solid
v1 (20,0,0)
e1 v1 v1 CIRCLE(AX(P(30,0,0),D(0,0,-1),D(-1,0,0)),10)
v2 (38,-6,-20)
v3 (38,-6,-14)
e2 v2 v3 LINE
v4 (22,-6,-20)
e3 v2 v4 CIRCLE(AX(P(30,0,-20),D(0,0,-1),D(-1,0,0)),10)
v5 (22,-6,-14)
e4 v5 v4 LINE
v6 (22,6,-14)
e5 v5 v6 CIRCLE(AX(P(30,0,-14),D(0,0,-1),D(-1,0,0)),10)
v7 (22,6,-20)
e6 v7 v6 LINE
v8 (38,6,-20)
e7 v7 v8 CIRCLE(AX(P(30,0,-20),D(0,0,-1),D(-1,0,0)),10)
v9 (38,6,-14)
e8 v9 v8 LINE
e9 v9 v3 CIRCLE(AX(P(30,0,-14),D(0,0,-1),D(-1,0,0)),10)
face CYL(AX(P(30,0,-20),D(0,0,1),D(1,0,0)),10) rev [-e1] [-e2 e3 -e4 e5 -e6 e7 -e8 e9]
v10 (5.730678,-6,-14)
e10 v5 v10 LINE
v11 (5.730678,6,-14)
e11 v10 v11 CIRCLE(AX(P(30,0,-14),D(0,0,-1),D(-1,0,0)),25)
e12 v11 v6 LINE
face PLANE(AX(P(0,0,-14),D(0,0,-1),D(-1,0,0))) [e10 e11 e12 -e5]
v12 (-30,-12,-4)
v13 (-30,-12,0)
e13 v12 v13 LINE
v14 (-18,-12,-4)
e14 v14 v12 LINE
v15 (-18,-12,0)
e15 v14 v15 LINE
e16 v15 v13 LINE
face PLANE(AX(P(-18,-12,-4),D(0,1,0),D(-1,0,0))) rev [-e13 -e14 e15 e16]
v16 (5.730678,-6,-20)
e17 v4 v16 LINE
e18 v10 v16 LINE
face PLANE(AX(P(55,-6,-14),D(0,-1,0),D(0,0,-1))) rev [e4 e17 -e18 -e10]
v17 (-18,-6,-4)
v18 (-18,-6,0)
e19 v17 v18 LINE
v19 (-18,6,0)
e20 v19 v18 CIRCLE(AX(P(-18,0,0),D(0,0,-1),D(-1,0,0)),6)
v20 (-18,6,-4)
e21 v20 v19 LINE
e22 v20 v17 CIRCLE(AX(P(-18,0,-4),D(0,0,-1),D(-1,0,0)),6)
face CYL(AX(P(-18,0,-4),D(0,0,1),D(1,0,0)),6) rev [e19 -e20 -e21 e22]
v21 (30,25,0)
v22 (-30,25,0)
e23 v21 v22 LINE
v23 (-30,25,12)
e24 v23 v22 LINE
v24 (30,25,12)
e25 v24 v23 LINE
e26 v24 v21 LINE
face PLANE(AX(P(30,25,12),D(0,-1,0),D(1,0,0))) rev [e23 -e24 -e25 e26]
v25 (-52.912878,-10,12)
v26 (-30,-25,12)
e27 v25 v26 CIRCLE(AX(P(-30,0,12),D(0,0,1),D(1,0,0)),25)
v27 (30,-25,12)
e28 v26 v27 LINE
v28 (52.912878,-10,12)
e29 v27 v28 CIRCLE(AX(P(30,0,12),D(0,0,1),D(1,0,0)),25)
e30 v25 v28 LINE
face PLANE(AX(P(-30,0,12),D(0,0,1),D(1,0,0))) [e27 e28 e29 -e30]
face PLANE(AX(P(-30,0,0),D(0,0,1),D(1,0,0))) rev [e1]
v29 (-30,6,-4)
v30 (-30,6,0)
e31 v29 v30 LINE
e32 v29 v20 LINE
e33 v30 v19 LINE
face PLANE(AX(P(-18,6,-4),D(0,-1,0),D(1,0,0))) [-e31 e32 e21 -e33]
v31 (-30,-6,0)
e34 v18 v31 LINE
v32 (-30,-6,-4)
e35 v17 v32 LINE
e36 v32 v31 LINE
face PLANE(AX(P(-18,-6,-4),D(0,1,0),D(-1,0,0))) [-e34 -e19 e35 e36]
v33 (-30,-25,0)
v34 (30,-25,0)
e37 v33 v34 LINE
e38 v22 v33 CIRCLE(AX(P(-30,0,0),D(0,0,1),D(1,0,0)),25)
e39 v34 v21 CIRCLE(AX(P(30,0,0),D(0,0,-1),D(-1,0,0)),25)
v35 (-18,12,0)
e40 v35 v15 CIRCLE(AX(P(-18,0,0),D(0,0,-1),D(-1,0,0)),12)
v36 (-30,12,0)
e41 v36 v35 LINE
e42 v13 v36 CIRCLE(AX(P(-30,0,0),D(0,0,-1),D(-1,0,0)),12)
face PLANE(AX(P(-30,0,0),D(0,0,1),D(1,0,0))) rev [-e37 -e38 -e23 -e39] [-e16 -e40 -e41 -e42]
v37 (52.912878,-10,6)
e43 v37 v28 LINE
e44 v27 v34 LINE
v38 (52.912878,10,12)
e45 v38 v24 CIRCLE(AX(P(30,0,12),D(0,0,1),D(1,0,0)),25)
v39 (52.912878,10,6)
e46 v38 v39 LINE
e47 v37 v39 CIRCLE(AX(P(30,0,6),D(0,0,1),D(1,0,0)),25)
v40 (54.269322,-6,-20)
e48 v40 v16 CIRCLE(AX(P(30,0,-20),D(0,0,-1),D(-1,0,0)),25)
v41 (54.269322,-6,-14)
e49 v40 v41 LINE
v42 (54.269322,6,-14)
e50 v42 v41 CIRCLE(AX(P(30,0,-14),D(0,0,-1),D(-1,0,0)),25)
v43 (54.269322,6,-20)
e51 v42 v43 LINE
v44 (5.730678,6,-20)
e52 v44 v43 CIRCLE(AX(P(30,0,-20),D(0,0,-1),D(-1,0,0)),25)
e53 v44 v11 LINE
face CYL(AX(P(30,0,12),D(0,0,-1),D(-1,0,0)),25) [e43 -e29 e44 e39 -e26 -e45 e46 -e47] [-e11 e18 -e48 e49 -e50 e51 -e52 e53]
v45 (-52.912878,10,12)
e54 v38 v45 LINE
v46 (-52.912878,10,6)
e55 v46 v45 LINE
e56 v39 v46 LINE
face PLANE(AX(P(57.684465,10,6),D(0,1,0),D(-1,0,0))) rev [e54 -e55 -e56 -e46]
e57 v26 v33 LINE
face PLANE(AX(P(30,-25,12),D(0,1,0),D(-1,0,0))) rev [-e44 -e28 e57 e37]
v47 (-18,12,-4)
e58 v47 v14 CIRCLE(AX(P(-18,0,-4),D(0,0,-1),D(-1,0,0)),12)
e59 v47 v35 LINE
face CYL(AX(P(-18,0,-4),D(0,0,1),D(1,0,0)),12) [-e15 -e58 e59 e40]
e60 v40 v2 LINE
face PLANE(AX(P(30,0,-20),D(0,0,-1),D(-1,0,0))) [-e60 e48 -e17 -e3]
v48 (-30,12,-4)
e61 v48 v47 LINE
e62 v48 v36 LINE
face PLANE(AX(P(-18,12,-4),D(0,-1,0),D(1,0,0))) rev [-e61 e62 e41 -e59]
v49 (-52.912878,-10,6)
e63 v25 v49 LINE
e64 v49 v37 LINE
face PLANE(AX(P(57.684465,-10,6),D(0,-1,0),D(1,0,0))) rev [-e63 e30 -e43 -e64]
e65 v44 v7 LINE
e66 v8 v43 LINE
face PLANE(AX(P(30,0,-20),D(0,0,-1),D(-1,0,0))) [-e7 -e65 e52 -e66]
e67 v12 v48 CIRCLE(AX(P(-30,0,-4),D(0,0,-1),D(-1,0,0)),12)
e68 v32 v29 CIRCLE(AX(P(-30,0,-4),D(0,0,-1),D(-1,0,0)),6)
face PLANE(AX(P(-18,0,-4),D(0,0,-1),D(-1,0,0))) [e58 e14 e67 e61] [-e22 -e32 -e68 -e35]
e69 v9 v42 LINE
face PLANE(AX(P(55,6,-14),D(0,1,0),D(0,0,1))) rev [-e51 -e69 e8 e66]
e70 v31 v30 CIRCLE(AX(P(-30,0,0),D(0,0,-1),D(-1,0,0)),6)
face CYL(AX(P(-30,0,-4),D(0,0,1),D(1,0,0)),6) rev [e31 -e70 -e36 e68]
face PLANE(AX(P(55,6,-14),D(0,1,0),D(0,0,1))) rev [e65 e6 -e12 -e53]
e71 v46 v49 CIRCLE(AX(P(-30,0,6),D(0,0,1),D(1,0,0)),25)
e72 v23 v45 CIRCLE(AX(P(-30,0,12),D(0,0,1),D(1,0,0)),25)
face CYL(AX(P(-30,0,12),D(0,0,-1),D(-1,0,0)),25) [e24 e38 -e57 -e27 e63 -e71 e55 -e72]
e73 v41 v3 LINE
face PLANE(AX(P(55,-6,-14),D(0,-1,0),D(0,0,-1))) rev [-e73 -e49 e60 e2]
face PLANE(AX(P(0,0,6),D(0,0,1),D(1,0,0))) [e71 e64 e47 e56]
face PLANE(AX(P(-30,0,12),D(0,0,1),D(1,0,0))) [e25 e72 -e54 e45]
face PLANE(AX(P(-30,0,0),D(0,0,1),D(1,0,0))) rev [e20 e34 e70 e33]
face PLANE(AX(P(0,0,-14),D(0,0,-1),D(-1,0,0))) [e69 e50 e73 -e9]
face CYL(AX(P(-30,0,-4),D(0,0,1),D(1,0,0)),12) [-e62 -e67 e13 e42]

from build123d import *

# Parameters (mm, degrees)
BOSS_EXTRUDE1_DEPTH = 12
SKETCH2_W           = 115.368929346
SKETCH2_H           = 20
CUT_EXTRUDE1_DEPTH  = 6
BOSS_EXTRUDE2_START = 20
SKETCH3_R           = 25
SKETCH3_R_2         = 10
BOSS_EXTRUDE2_DEPTH = 20
SKETCH4_W           = 50
SKETCH4_H           = 12
CUT_EXTRUDE2_DEPTH  = 6
BOSS_EXTRUDE3_DEPTH = 4


with BuildPart() as part:
    # Sketch1 → Boss-Extrude1 (new body)
    with BuildSketch(Plane.XY):
        with BuildLine():
            Line((30, -25), (-30, -25))
            ThreePointArc((-30, -25), (-55, 0), (-30, 25))
            Line((-30, 25), (30, 25))
            ThreePointArc((30, 25), (55, 0), (30, -25))
        make_face()
    extrude(amount=BOSS_EXTRUDE1_DEPTH)

    # Sketch2 → Cut-Extrude1 (cut)
    with BuildSketch(Plane.XY.offset(12)):
        Rectangle(SKETCH2_W, SKETCH2_H)
    extrude(amount=-CUT_EXTRUDE1_DEPTH, mode=Mode.SUBTRACT)

    # Sketch3 → Boss-Extrude2 (add)
    with BuildSketch(Plane(origin=(0, 0, 0), x_dir=(-1, 0, 0), z_dir=(0, 0, -1)).offset(BOSS_EXTRUDE2_START)):
        with Locations((-30, 0)):
            Circle(SKETCH3_R)
        with Locations((-30, 0)):
            Circle(SKETCH3_R_2, mode=Mode.SUBTRACT)
    extrude(amount=-BOSS_EXTRUDE2_DEPTH)

    # Sketch4 → Cut-Extrude2 (cut)
    with BuildSketch(Plane(origin=(0, 0, -20), x_dir=(-1, 0, 0), z_dir=(0, 0, -1))):
        with Locations((-30, 0)):
            Rectangle(SKETCH4_W, SKETCH4_H)
    extrude(amount=-CUT_EXTRUDE2_DEPTH, mode=Mode.SUBTRACT)

    # Sketch5 → Boss-Extrude3 (add)
    with BuildSketch(Plane(origin=(0, 0, 0), x_dir=(-1, 0, 0), z_dir=(0, 0, -1))):
        with BuildLine():
            Line((18, 12), (30, 12))
            ThreePointArc((30, 12), (42, 0), (30, -12))
            Line((30, -12), (18, -12))
            ThreePointArc((18, -12), (6, 0), (18, 12))
        make_face()
        with BuildLine():
            Line((18, 6), (30, 6))
            ThreePointArc((30, 6), (36, 0), (30, -6))
            Line((30, -6), (18, -6))
            ThreePointArc((18, -6), (12, 0), (18, 6))
        make_face(mode=Mode.SUBTRACT)
    extrude(amount=BOSS_EXTRUDE3_DEPTH)


solid = part.part
